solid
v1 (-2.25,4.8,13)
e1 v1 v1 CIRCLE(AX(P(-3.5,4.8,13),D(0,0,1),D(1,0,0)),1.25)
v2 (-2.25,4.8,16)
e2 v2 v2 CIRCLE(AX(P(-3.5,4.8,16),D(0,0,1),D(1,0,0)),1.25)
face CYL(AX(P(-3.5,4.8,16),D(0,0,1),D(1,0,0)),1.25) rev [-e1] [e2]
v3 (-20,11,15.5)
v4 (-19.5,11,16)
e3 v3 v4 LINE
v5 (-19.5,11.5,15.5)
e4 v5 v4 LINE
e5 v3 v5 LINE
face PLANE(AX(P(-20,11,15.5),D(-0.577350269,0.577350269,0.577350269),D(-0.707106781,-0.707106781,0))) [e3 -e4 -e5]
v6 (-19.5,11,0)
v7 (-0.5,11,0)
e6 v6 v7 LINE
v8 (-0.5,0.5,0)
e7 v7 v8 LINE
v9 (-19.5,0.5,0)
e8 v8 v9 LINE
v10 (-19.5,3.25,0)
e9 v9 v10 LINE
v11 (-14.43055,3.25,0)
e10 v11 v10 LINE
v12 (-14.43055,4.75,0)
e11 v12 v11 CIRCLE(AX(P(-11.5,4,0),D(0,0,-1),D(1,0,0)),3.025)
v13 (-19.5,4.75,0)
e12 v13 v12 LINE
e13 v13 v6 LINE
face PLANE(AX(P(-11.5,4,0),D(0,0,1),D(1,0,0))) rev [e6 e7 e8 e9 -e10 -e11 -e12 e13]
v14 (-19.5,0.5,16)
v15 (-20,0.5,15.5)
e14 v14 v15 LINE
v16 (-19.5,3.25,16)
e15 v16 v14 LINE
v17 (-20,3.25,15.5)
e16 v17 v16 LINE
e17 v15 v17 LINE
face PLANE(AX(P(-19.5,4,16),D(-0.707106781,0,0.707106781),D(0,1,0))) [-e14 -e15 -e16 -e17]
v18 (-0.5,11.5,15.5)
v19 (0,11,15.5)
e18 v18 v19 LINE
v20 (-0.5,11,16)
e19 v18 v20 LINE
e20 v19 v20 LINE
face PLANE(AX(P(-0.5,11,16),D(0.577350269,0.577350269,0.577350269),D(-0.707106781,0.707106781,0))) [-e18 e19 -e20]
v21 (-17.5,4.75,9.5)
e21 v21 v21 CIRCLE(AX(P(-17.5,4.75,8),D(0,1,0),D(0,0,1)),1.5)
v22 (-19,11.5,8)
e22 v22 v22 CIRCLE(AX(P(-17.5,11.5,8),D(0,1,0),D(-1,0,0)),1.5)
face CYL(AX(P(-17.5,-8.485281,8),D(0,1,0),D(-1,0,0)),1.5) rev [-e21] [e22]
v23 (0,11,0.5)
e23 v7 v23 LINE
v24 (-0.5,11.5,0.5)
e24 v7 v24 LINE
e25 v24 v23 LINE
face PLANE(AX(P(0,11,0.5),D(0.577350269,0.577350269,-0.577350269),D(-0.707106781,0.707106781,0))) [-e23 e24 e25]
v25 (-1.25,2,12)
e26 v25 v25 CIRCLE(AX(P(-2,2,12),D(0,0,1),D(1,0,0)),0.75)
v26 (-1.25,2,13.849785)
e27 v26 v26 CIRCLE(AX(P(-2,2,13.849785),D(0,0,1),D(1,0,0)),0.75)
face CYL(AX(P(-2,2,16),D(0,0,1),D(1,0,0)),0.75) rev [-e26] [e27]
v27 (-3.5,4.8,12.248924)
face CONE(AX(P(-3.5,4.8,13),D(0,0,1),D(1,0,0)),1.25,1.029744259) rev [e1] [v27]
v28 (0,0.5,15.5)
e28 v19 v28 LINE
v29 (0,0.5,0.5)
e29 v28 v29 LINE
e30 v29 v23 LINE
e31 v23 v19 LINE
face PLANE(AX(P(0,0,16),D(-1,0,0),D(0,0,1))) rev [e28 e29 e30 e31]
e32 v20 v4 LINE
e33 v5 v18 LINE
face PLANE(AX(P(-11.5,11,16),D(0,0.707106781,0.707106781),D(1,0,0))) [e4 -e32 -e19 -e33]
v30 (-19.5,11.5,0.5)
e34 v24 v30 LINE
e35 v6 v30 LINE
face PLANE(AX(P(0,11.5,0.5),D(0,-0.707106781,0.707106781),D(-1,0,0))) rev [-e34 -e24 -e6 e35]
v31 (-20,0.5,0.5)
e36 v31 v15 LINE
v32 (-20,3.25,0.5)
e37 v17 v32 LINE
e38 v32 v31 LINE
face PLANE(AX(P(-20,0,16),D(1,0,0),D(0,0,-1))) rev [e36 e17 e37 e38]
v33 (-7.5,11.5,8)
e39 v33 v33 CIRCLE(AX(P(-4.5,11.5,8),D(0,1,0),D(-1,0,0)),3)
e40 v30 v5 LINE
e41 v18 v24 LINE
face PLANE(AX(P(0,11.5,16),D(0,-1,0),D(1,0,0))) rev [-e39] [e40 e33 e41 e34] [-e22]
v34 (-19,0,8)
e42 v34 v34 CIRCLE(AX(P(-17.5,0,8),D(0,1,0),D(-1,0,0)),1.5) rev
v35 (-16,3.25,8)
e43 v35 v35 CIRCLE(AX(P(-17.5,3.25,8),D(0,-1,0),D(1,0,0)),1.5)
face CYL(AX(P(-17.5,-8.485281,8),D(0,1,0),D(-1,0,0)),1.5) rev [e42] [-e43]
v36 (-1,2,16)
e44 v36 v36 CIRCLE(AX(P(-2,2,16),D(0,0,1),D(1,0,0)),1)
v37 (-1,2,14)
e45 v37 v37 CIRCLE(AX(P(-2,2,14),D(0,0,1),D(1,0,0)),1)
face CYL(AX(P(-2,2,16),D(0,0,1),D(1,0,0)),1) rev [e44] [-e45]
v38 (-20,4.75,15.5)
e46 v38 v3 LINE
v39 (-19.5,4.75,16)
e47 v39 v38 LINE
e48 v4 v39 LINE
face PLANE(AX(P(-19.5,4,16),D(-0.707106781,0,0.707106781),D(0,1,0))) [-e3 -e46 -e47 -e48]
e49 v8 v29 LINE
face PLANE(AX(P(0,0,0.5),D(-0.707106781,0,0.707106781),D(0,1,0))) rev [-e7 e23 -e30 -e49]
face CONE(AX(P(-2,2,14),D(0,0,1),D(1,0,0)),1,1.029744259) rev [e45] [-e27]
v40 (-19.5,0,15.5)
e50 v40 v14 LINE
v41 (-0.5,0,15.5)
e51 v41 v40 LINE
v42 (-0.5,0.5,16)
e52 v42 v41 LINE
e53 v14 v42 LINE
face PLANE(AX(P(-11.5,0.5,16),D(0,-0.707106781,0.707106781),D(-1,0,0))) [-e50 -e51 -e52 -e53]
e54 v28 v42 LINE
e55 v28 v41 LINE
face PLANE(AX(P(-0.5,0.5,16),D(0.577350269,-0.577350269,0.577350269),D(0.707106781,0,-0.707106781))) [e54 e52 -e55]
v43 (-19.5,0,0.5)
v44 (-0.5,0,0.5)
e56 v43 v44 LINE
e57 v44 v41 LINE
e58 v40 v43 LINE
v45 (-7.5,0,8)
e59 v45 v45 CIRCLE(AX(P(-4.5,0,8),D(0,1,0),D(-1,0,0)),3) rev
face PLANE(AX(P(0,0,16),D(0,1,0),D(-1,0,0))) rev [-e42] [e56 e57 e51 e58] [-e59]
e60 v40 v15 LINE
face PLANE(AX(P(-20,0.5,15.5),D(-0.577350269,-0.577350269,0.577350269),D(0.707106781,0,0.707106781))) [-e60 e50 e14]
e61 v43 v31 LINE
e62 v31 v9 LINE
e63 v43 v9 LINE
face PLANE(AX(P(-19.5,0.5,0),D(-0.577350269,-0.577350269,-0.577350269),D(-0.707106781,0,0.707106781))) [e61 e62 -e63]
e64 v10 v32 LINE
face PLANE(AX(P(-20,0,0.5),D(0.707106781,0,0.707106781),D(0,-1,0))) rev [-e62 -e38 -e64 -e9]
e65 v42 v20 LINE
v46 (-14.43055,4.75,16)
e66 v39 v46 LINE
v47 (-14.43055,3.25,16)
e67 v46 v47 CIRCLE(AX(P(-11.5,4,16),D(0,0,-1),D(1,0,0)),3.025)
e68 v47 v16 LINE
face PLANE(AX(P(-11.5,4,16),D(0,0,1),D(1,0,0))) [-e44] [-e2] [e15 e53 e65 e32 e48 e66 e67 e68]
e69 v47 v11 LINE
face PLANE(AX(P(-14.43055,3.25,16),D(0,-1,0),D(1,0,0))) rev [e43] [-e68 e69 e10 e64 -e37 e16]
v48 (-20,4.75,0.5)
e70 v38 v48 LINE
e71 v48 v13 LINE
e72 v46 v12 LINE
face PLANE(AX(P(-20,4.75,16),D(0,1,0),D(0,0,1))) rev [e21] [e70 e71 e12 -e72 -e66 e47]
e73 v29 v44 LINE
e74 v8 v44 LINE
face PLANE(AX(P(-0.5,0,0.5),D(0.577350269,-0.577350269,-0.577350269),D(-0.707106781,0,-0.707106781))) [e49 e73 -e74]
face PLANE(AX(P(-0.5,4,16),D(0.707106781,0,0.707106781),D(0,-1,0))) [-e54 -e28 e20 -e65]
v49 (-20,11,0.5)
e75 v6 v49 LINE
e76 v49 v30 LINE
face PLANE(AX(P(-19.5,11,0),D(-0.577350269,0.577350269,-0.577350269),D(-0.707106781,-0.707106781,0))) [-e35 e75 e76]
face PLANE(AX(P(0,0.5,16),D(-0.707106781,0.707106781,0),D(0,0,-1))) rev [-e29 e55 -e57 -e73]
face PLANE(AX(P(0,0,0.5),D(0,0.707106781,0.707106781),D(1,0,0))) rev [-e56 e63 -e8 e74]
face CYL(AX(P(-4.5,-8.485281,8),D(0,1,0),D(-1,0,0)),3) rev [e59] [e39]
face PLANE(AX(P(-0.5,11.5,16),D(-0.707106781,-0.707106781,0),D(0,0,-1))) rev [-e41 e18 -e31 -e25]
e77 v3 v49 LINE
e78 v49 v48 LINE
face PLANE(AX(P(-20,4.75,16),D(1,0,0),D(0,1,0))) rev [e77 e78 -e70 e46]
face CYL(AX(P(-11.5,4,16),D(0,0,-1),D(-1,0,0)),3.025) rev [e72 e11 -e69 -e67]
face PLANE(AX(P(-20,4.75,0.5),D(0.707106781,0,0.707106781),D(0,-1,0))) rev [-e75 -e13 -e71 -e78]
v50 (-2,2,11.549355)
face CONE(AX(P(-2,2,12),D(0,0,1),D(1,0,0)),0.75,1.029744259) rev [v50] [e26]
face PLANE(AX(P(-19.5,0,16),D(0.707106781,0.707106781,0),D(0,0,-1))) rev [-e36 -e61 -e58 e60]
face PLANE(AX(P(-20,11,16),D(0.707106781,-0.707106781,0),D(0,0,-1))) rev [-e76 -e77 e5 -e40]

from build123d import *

# Parameters (mm, degrees)
AUFSATZ_LINEAR_AUSTRAGEN1_DEPTH      = 16
SCHNITT_LINEAR_AUSTRAGEN1_REACH      = 30.076
SKIZZE2_R                            = 1.5
SKIZZE2_R_2                          = 3
M3_GEWINDEBOHRUNG1_D                 = 2.5
M3_GEWINDEBOHRUNG1_DEPTH             = 3
M3_GEWINDEBOHRUNG1_TIP               = 0.751075774
F_1_5_1_5_DURCHMESSER_BOHRUNG1_D     = 1.5
F_1_5_1_5_DURCHMESSER_BOHRUNG1_DEPTH = 4
F_1_5_1_5_DURCHMESSER_BOHRUNG1_TIP   = 0.450645464
F_2_0_2_DURCHMESSER_BOHRUNG1_D       = 2
F_2_0_2_DURCHMESSER_BOHRUNG1_DEPTH   = 2
F_2_0_2_DURCHMESSER_BOHRUNG1_TIP     = 0.600860619
FASE1_SIZE                           = 0.5


with BuildPart() as part:
    # Skizze1 → Aufsatz-Linear austragen1 (new body)
    with BuildSketch(Plane.XY):
        with BuildLine():
            Line((-20, 4.75), (-14.43055029, 4.75))
            ThreePointArc((-14.43055029, 4.75), (-8.475, 4), (-14.43055029, 3.25))
            Line((-14.43055029, 3.25), (-20, 3.25))
            Line((-20, 3.25), (-20, 0))
            Line((-20, 0), (0, 0))
            Line((0, 0), (0, 11.5))
            Line((0, 11.5), (-20, 11.5))
            Line((-20, 11.5), (-20, 4.75))
        make_face()
    extrude(amount=AUFSATZ_LINEAR_AUSTRAGEN1_DEPTH)

    # Schnitt-Linear austragen1: up to this face of the body (flat: up to its plane)
    schnitt_linear_austragen1_end = Plane(part.part.faces().sort_by_distance((-10, 0, 8))[0])
    # Skizze2 → Schnitt-Linear austragen1 (cut, up to the picked face)
    with BuildSketch(Plane(origin=(0, 11.5, 0), x_dir=(1, 0, 0), z_dir=(0, 1, 0)), mode=Mode.PRIVATE) as schnitt_linear_austragen1_sk1:
        with Locations(Location((-17.5, -8, 0), (0, 0, 180))):
            Circle(SKIZZE2_R)
    schnitt_linear_austragen1_tool1 = split(extrude(schnitt_linear_austragen1_sk1.sketch, amount=-SCHNITT_LINEAR_AUSTRAGEN1_REACH, mode=Mode.PRIVATE), bisect_by=schnitt_linear_austragen1_end, keep=Keep.BOTH, mode=Mode.PRIVATE)
    # Skizze2 → Schnitt-Linear austragen1 (cut, up to the picked face)
    with BuildSketch(Plane(origin=(0, 11.5, 0), x_dir=(1, 0, 0), z_dir=(0, 1, 0)), mode=Mode.PRIVATE) as schnitt_linear_austragen1_sk2:
        with Locations(Location((-4.5, -8, 0), (0, 0, 180))):
            Circle(SKIZZE2_R_2)
    schnitt_linear_austragen1_tool2 = split(extrude(schnitt_linear_austragen1_sk2.sketch, amount=-SCHNITT_LINEAR_AUSTRAGEN1_REACH, mode=Mode.PRIVATE), bisect_by=schnitt_linear_austragen1_end, keep=Keep.BOTH, mode=Mode.PRIVATE)
    add(schnitt_linear_austragen1_tool1.solids().sort_by(Axis((-17.5, 11.5, 8), (0, -1, 0)))[0], mode=Mode.SUBTRACT)
    add(schnitt_linear_austragen1_tool2.solids().sort_by(Axis((-4.5, 11.5, 8), (0, -1, 0)))[0], mode=Mode.SUBTRACT)

    # M3 Gewindebohrung1
    with Locations(Plane.XY.offset(16)):
        with Locations((-3.5, 4.8)):
            Hole(M3_GEWINDEBOHRUNG1_D / 2, depth=M3_GEWINDEBOHRUNG1_DEPTH)
            with Locations((0, 0, -(M3_GEWINDEBOHRUNG1_DEPTH + M3_GEWINDEBOHRUNG1_TIP / 2))):  # 118° drill point
                Cone(0, M3_GEWINDEBOHRUNG1_D / 2, M3_GEWINDEBOHRUNG1_TIP, mode=Mode.SUBTRACT)

    # Ø1.5 (1.5) Durchmesser Bohrung1
    with Locations(Plane.XY.offset(16)):
        with Locations((-2, 2)):
            Hole(F_1_5_1_5_DURCHMESSER_BOHRUNG1_D / 2, depth=F_1_5_1_5_DURCHMESSER_BOHRUNG1_DEPTH)
            with Locations((0, 0, -(F_1_5_1_5_DURCHMESSER_BOHRUNG1_DEPTH + F_1_5_1_5_DURCHMESSER_BOHRUNG1_TIP / 2))):  # 118° drill point
                Cone(0, F_1_5_1_5_DURCHMESSER_BOHRUNG1_D / 2, F_1_5_1_5_DURCHMESSER_BOHRUNG1_TIP, mode=Mode.SUBTRACT)

    # Ø2.0 (2) Durchmesser Bohrung1
    with Locations(Plane.XY.offset(16)):
        with Locations((-2, 2)):
            Hole(F_2_0_2_DURCHMESSER_BOHRUNG1_D / 2, depth=F_2_0_2_DURCHMESSER_BOHRUNG1_DEPTH)
            with Locations((0, 0, -(F_2_0_2_DURCHMESSER_BOHRUNG1_DEPTH + F_2_0_2_DURCHMESSER_BOHRUNG1_TIP / 2))):  # 118° drill point
                Cone(0, F_2_0_2_DURCHMESSER_BOHRUNG1_D / 2, F_2_0_2_DURCHMESSER_BOHRUNG1_TIP, mode=Mode.SUBTRACT)

    # Fase1
    fase1_edges = [part.edges().sort_by_distance(p)[0] for p in [
        (-20, 8.125, 16),
        (-10, 11.5, 0),
        (0, 5.75, 0),
        (0, 0, 8),
        (-20, 0, 8),
        (-20, 11.5, 8),
        (0, 11.5, 8),
        (-20, 1.625, 16),
        (-10, 0, 16),
        (0, 5.75, 16),
        (-10, 11.5, 16),
        (-10, 0, 0),
        (-20, 1.625, 0),
        (-20, 8.125, 0),
    ]]
    chamfer(fase1_edges, length=FASE1_SIZE)


solid = part.part
